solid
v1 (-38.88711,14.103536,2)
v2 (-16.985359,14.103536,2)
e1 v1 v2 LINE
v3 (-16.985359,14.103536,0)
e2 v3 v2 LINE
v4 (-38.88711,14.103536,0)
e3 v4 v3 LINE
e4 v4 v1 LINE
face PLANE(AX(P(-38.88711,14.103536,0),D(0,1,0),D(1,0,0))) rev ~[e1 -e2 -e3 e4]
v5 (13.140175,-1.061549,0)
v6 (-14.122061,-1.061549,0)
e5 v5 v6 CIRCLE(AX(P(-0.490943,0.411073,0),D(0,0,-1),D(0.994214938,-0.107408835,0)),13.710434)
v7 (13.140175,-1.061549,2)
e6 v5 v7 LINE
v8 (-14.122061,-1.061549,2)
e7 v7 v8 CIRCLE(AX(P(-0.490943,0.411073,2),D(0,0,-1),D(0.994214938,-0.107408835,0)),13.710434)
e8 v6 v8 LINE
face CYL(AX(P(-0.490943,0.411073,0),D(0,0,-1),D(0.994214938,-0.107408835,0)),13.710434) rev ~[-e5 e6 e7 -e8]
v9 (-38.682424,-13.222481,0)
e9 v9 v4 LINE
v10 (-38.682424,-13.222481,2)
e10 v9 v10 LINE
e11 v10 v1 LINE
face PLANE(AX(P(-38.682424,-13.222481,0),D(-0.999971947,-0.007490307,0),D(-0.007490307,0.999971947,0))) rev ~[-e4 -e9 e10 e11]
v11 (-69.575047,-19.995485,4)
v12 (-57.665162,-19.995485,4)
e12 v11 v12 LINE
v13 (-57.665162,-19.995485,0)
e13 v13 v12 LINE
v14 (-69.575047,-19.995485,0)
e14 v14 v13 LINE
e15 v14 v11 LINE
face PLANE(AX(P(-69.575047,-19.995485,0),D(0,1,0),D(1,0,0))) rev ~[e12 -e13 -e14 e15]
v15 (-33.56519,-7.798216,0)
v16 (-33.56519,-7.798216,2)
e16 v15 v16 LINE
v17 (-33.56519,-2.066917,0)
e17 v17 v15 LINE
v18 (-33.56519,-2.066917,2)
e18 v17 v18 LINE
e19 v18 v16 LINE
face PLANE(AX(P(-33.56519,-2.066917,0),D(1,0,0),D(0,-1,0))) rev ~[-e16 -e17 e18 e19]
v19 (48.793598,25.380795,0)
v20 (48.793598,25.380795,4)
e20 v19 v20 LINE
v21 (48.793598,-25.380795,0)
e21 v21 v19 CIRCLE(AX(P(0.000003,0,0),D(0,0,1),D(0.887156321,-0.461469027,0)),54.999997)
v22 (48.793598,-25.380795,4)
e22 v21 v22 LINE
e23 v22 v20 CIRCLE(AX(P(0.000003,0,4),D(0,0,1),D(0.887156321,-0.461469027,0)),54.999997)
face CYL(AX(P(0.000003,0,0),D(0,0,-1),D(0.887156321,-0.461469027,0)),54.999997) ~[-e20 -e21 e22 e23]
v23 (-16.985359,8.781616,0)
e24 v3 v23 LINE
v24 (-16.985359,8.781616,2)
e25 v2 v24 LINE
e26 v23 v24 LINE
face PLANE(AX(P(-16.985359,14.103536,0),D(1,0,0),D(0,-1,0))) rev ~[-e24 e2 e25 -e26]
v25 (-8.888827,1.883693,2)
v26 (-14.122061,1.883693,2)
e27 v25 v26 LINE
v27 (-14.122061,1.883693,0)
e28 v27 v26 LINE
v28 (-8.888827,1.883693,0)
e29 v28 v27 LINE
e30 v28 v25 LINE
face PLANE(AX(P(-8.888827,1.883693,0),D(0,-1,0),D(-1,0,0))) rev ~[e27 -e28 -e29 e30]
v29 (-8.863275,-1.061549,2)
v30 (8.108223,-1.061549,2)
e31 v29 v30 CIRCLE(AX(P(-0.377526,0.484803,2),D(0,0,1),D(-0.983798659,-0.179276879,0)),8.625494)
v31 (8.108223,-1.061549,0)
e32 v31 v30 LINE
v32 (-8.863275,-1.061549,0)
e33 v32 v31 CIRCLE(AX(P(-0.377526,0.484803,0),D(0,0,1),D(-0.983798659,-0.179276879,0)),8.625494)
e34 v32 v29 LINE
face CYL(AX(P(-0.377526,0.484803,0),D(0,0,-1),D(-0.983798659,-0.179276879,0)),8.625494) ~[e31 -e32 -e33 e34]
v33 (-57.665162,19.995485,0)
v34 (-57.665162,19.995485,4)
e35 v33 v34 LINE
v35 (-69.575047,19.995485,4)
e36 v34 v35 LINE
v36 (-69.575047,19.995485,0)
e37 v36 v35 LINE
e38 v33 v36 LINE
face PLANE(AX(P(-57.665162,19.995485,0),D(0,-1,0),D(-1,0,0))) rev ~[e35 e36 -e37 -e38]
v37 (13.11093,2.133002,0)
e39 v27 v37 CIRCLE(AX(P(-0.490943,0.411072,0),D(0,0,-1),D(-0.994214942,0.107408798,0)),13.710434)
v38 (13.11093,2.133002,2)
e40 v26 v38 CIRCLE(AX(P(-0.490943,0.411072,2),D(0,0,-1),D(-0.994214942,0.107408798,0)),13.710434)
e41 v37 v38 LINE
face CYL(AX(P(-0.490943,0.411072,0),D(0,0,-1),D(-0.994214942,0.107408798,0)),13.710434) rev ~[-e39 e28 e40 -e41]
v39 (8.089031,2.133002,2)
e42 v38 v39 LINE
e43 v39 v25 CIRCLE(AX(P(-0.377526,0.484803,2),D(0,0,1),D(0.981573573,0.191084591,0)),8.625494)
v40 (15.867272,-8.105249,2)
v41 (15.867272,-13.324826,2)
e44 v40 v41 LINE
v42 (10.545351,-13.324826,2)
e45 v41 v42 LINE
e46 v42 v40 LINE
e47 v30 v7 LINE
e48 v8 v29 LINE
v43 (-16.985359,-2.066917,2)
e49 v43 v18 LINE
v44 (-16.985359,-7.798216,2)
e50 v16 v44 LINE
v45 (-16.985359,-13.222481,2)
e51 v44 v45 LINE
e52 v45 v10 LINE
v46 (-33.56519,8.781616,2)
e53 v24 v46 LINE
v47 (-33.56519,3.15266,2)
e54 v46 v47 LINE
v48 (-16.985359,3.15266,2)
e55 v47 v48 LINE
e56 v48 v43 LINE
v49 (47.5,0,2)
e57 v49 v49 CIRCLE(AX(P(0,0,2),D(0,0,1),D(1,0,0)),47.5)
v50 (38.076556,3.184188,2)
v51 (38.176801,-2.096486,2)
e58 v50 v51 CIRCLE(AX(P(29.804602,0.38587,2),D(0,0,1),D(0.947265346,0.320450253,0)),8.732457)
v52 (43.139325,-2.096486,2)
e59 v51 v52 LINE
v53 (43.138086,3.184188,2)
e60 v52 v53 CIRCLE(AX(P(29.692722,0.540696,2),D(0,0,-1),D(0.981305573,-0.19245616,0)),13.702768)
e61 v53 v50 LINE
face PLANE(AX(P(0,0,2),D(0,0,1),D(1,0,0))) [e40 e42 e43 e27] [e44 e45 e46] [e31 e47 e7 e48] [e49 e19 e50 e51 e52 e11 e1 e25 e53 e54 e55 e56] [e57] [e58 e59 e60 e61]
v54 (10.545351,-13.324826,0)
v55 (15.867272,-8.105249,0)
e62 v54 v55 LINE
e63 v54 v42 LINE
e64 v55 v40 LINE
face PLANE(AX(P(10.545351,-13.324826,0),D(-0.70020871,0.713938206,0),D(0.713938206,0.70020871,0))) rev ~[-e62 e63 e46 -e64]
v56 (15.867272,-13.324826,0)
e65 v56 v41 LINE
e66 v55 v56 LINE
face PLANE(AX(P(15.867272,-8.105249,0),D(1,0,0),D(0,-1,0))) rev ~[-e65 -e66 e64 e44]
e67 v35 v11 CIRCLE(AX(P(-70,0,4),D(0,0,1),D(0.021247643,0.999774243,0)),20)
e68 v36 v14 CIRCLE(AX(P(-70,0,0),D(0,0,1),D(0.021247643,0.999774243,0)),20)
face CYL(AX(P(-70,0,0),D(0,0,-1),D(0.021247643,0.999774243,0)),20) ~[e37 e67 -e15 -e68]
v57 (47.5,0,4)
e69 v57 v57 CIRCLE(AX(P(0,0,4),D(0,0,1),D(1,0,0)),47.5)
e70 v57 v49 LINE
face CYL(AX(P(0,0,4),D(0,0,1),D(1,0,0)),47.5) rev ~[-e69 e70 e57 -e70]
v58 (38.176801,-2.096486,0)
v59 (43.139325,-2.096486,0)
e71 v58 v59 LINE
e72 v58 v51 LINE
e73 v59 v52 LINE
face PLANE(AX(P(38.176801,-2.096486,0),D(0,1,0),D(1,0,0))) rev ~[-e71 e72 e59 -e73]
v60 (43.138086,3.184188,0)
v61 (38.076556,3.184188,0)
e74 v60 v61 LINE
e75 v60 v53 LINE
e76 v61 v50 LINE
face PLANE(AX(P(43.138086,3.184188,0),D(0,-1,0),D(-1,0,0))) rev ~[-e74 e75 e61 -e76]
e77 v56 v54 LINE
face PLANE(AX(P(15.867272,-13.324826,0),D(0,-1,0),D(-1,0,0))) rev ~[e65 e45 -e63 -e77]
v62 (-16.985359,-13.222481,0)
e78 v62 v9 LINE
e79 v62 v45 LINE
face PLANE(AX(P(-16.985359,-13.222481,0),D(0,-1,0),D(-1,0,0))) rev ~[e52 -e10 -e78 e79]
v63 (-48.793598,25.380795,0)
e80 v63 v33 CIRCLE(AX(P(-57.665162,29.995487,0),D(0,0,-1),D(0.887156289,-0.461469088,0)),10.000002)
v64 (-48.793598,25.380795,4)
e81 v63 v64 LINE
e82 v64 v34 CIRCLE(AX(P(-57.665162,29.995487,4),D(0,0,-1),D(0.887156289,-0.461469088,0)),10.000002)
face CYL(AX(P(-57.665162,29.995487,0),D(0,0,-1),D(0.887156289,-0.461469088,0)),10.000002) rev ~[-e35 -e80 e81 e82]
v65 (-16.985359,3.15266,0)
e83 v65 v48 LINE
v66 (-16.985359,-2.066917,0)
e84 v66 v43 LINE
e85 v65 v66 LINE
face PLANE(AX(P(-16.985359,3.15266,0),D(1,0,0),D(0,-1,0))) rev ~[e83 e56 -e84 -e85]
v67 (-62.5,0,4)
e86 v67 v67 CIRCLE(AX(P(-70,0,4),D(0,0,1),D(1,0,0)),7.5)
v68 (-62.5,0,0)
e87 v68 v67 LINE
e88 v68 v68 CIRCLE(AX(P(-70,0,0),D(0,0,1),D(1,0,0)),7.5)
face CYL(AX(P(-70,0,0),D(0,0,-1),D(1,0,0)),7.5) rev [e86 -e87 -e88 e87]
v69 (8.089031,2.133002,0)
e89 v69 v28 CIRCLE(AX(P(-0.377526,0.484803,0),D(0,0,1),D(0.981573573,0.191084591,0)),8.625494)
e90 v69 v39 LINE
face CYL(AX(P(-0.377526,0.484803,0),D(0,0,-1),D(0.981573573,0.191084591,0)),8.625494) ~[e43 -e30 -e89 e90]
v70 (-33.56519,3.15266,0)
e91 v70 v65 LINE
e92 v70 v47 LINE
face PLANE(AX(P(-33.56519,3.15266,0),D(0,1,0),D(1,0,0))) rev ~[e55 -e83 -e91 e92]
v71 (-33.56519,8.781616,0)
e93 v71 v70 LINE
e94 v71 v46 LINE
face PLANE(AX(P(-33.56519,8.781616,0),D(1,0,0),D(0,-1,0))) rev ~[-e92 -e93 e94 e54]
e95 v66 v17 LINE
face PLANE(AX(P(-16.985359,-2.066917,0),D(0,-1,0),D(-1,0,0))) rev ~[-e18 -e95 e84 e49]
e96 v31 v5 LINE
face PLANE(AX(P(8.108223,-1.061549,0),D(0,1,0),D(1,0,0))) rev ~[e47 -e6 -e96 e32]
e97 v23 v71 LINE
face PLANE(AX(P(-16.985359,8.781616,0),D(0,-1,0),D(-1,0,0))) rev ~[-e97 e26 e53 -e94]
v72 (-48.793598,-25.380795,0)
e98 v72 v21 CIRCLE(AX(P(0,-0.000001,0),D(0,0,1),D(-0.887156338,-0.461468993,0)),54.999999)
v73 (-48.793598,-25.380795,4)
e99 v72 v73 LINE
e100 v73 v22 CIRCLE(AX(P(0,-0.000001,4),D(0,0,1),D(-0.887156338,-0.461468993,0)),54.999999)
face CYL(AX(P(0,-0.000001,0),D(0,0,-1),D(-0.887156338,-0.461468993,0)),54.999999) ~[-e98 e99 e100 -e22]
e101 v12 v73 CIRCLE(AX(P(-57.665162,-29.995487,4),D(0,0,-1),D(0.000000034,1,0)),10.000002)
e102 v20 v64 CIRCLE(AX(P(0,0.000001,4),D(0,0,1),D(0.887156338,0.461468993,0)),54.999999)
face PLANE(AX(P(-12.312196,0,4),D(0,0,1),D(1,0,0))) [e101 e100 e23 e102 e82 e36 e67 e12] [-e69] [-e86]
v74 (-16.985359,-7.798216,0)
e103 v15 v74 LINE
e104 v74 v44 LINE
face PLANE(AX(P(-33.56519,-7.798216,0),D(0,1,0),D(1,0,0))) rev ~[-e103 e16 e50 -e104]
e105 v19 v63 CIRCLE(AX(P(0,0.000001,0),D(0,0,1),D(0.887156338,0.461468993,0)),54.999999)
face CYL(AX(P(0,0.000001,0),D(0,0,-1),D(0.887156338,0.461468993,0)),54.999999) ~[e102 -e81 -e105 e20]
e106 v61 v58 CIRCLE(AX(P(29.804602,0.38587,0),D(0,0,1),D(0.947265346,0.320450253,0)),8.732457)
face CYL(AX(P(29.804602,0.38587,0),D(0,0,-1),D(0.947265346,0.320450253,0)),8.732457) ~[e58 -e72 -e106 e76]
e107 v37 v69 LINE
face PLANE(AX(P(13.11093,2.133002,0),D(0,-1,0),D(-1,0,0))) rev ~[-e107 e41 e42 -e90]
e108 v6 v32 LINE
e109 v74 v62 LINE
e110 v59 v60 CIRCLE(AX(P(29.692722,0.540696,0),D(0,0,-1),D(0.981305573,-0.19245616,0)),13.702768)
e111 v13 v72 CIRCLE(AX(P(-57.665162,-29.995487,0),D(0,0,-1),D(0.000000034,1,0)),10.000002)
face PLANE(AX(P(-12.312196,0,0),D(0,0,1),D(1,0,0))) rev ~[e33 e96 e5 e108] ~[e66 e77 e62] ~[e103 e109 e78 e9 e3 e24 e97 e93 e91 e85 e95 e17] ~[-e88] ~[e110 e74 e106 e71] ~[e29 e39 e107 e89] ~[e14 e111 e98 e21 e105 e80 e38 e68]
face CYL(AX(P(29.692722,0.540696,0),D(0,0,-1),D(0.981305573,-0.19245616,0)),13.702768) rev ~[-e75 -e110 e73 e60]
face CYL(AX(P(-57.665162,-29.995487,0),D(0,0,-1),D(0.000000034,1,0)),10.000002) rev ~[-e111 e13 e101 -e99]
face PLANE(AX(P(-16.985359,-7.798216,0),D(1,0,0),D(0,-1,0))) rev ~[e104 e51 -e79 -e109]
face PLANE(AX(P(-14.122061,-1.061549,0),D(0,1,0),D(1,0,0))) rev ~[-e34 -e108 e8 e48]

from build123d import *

# Parameters (mm, degrees)
F0_R     = 7.5
F1_DEPTH = 4
F2_R     = 47.5
F3_DEPTH = 2


with BuildPart() as f1:
    # F0 (on Top) → F1 (new body)
    with BuildSketch(Plane.XY):
        with BuildLine():
            ThreePointArc((48.793598, -25.380795), (55, 0), (48.793598, 25.380795))
            ThreePointArc((48.793598, 25.380795), (0, 55), (-48.793598, 25.380795))
            ThreePointArc((-48.793598, 25.380795), (-52.476082, 21.447184), (-57.665162, 19.995485))
            Line((-57.665162, 19.995485), (-69.575047, 19.995485))
            ThreePointArc((-69.575047, 19.995485), (-90, 0), (-69.575047, -19.995485))
            Line((-69.575047, -19.995485), (-57.665162, -19.995485))
            ThreePointArc((-57.665162, -19.995485), (-52.476082, -21.447184), (-48.793598, -25.380795))
            ThreePointArc((-48.793598, -25.380795), (0, -55), (48.793598, -25.380795))
        make_face()
        with BuildLine():
            Line((-14.122061, -1.061549), (-8.863275, -1.061549))
            ThreePointArc((-8.863275, -1.061549), (-0.377526, -8.140691), (8.108223, -1.061549))
            Line((8.108223, -1.061549), (13.140175, -1.061549))
            ThreePointArc((13.140175, -1.061549), (-0.490943, -13.299361), (-14.122061, -1.061549))
        make_face(mode=Mode.SUBTRACT)
        Polygon((15.867272, -13.324826), (10.545351, -13.324826), (15.867272, -8.105249), align=None, mode=Mode.SUBTRACT)
        with Locations((-70, 0)):
            Circle(F0_R, mode=Mode.SUBTRACT)
        Polygon((-38.682424, -13.222481), (-38.88711, 14.103536), (-16.985359, 14.103536), (-16.985359, 8.781616), (-33.56519, 8.781616), (-33.56519, 3.15266), (-16.985359, 3.15266), (-16.985359, -2.066917), (-33.56519, -2.066917), (-33.56519, -7.798216), (-16.985359, -7.798216), (-16.985359, -13.222481), align=None, mode=Mode.SUBTRACT)
        with BuildLine():
            Line((-8.888827, 1.883693), (-14.122061, 1.883693))
            ThreePointArc((-14.122061, 1.883693), (-0.616452, 14.120931), (13.11093, 2.133002))
            Line((13.11093, 2.133002), (8.089031, 2.133002))
            ThreePointArc((8.089031, 2.133002), (-0.504172, 9.109367), (-8.888827, 1.883693))
        make_face(mode=Mode.SUBTRACT)
        with BuildLine():
            Line((43.138086, 3.184188), (38.076556, 3.184188))
            ThreePointArc((38.076556, 3.184188), (21.073718, 0.220128), (38.176801, -2.096486))
            Line((38.176801, -2.096486), (43.139325, -2.096486))
            ThreePointArc((43.139325, -2.096486), (15.989954, 0.537485), (43.138086, 3.184188))
        make_face(mode=Mode.SUBTRACT)
    extrude(amount=F1_DEPTH)

    # F2 (on face) → F3 (cut)
    with BuildSketch(Plane.XY.offset(4)):
        Circle(F2_R)
        with BuildLine():
            ThreePointArc((13.140175, -1.061549), (-0.490943, -13.299361), (-14.122061, -1.061549))
            Line((-14.122061, -1.061549), (-8.863275, -1.061549))
            ThreePointArc((-8.863275, -1.061549), (-0.377526, -8.140691), (8.108223, -1.061549))
            Line((8.108223, -1.061549), (13.140175, -1.061549))
        make_face(mode=Mode.SUBTRACT)
        Polygon((15.867272, -8.105249), (15.867272, -13.324826), (10.545351, -13.324826), align=None, mode=Mode.SUBTRACT)
        Polygon((-16.985359, -13.222481), (-38.682424, -13.222481), (-38.88711, 14.103536), (-16.985359, 14.103536), (-16.985359, 8.781616), (-33.56519, 8.781616), (-33.56519, 3.15266), (-16.985359, 3.15266), (-16.985359, -2.066917), (-33.56519, -2.066917), (-33.56519, -7.798216), (-16.985359, -7.798216), align=None, mode=Mode.SUBTRACT)
        with BuildLine():
            Line((13.11093, 2.133002), (8.089031, 2.133002))
            ThreePointArc((8.089031, 2.133002), (-0.504172, 9.109367), (-8.888827, 1.883693))
            Line((-8.888827, 1.883693), (-14.122061, 1.883693))
            ThreePointArc((-14.122061, 1.883693), (-0.616452, 14.120931), (13.11093, 2.133002))
        make_face(mode=Mode.SUBTRACT)
        with BuildLine():
            ThreePointArc((38.076556, 3.184188), (21.073718, 0.220128), (38.176801, -2.096486))
            Line((38.176801, -2.096486), (43.139325, -2.096486))
            ThreePointArc((43.139325, -2.096486), (15.989954, 0.537485), (43.138086, 3.184188))
            Line((43.138086, 3.184188), (38.076556, 3.184188))
        make_face(mode=Mode.SUBTRACT)
    extrude(amount=-F3_DEPTH, mode=Mode.SUBTRACT)


solid = f1.part
